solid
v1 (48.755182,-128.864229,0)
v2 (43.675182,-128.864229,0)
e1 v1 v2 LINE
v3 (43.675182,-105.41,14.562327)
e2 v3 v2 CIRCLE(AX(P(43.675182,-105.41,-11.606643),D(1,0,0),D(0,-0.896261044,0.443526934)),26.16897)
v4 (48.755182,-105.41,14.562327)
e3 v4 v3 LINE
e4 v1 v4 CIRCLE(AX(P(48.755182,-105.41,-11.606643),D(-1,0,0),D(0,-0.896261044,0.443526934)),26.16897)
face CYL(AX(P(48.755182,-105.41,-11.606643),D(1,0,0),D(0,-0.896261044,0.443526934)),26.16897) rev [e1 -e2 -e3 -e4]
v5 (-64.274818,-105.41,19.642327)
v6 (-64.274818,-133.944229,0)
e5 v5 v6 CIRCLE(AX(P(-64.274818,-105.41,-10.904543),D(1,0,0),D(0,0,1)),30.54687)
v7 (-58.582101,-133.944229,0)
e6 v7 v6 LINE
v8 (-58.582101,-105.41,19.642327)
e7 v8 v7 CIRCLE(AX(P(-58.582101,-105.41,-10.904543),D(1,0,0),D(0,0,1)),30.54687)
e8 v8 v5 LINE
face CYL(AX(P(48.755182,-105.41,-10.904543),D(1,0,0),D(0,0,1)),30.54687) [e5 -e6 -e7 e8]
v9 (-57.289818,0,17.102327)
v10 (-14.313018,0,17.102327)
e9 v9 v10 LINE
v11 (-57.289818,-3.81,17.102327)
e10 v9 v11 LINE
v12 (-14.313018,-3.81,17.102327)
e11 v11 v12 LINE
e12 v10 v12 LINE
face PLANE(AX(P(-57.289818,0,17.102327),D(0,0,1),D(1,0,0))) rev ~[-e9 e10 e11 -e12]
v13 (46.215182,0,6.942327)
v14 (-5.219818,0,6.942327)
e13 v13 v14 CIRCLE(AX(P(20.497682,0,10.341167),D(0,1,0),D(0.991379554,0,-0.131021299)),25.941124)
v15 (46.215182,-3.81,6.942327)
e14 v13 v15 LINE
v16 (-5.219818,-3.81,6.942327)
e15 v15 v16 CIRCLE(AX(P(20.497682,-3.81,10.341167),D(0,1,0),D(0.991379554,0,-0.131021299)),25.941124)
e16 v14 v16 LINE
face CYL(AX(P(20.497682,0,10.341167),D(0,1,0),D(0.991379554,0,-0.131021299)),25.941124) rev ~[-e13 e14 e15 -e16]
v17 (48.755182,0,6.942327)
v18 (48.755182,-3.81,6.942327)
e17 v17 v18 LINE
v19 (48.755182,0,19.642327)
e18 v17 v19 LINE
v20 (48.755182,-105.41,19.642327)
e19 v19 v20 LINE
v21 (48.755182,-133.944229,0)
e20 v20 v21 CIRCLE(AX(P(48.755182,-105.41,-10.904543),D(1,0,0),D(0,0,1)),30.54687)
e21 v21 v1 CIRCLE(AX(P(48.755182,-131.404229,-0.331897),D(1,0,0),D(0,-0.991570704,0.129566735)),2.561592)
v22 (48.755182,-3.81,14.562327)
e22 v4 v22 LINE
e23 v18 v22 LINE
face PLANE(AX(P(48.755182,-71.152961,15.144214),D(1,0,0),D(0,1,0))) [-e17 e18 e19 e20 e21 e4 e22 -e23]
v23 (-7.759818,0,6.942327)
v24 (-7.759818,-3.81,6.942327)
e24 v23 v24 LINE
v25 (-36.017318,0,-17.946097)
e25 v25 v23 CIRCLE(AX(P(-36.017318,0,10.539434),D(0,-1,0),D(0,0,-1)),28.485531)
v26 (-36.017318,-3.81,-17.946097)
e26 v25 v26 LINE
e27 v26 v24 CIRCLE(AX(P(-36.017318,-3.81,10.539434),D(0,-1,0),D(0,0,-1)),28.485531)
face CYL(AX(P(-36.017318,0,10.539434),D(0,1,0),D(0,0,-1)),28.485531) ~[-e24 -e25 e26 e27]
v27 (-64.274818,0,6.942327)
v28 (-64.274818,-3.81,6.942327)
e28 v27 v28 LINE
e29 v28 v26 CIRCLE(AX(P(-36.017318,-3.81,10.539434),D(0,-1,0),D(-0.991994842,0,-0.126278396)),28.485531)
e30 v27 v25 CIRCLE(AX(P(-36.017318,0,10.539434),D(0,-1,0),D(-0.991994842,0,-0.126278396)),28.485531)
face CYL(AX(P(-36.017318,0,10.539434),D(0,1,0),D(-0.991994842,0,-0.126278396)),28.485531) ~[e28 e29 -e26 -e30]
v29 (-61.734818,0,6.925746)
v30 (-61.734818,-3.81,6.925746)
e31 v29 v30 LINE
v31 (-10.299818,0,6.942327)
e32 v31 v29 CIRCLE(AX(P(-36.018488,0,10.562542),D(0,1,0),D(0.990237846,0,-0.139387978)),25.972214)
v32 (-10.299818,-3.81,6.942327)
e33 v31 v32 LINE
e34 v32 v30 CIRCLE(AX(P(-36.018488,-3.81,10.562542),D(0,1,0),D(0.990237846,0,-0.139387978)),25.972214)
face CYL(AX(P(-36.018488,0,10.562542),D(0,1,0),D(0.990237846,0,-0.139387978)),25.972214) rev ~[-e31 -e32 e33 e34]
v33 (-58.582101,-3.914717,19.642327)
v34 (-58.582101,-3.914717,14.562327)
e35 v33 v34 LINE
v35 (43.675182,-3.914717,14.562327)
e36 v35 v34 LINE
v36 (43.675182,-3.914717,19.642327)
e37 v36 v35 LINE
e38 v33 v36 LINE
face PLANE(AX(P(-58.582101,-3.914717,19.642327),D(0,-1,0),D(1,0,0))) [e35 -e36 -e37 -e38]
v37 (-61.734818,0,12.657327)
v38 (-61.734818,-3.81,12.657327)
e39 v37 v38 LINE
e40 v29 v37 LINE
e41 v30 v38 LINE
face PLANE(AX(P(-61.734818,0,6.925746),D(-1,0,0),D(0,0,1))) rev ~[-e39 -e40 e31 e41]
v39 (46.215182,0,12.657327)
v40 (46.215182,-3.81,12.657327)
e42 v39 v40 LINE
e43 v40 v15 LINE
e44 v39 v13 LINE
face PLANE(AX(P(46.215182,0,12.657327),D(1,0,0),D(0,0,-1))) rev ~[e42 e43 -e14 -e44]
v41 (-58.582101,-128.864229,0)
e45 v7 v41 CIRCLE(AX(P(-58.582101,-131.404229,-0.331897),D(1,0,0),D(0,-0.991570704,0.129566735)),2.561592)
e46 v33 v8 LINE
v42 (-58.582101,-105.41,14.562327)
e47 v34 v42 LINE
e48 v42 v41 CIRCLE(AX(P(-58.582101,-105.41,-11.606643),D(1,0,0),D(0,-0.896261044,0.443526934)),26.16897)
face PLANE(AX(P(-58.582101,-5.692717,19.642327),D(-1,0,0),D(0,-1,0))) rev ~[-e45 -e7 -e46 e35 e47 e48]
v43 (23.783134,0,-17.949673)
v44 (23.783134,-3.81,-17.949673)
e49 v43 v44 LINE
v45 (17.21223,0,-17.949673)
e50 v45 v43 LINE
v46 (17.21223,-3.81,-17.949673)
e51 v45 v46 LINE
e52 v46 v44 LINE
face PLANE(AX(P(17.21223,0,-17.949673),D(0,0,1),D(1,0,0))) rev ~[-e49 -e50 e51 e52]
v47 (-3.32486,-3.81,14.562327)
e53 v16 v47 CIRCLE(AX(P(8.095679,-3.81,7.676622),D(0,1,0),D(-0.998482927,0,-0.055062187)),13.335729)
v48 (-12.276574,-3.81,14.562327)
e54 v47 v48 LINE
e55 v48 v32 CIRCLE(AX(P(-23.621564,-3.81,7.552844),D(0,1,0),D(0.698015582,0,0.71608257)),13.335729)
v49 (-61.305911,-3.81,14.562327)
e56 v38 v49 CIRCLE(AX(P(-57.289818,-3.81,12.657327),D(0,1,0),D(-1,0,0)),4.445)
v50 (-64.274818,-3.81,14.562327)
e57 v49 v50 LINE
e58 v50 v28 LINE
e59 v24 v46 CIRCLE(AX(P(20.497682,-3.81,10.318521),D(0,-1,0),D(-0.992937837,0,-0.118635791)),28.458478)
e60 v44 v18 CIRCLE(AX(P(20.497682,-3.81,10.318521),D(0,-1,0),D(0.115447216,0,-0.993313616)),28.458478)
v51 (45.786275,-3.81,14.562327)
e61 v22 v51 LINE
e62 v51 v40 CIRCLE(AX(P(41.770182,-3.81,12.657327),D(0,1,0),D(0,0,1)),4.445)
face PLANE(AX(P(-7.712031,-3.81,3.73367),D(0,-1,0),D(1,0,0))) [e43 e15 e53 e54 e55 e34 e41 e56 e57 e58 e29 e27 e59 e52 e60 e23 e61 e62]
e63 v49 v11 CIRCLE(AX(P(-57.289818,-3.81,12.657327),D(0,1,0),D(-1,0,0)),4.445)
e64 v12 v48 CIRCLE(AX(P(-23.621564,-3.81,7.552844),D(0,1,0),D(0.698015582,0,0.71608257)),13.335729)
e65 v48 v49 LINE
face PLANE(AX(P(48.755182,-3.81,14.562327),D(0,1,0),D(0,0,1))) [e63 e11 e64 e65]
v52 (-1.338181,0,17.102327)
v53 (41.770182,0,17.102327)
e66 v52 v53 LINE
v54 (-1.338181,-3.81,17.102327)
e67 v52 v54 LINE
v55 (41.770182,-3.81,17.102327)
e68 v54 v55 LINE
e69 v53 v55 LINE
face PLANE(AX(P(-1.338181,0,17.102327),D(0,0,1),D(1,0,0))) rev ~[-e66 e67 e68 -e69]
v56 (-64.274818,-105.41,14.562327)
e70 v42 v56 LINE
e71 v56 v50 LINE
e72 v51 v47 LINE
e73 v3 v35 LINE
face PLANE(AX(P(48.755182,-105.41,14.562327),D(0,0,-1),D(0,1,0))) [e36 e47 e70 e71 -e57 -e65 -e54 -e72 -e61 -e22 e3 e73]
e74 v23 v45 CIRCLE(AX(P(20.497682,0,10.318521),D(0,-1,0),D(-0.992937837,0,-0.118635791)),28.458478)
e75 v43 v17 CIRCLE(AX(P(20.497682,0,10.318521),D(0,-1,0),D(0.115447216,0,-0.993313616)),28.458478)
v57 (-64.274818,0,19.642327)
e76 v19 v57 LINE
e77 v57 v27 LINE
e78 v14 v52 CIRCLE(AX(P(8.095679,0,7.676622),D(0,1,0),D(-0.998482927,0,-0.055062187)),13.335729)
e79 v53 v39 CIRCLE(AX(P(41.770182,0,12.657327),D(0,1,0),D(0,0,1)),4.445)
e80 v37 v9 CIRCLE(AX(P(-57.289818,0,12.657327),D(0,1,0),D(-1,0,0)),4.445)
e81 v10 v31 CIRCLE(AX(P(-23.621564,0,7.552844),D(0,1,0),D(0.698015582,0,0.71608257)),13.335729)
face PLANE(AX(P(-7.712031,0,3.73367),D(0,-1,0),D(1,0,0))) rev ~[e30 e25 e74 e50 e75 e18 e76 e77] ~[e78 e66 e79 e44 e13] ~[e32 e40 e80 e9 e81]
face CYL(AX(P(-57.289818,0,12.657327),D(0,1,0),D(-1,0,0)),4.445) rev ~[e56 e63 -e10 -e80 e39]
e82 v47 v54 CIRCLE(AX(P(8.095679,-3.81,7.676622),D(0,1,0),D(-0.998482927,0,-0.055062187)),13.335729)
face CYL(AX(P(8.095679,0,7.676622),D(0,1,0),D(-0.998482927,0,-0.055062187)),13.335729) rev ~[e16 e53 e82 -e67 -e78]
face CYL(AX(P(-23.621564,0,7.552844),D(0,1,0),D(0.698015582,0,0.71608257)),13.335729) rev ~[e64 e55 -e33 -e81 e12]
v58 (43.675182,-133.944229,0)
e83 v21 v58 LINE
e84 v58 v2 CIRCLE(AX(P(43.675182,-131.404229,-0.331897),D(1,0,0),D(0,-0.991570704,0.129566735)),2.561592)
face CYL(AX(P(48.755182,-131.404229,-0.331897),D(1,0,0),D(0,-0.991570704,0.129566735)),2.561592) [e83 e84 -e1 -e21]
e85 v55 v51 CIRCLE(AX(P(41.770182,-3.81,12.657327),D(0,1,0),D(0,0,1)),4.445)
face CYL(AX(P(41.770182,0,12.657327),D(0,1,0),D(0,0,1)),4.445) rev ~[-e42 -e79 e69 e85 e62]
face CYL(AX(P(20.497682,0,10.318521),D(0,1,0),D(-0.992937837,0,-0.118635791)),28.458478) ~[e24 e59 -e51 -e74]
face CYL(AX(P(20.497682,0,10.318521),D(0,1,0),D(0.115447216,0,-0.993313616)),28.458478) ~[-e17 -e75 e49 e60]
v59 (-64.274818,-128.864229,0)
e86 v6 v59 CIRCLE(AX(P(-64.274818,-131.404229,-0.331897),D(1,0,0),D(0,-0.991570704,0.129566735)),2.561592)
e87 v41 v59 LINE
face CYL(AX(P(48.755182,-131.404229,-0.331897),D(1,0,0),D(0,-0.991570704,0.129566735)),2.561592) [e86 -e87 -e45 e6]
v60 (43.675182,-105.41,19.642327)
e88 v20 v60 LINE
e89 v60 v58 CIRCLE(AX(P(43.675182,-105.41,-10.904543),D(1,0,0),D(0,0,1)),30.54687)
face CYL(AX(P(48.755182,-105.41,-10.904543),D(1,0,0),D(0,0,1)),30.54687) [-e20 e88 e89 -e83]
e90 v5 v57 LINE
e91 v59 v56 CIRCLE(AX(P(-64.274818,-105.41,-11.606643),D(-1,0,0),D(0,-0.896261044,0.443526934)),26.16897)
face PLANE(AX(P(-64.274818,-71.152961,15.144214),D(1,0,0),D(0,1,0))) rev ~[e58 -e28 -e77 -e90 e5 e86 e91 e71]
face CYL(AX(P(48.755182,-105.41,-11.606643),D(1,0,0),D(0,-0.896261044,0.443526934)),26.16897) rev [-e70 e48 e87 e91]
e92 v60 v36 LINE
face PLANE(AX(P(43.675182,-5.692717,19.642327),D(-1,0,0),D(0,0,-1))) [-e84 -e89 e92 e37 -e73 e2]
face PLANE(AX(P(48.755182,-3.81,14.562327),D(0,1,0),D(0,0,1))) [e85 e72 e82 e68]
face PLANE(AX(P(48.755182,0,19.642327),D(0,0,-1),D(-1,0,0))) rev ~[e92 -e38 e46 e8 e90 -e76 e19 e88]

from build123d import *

# Parameters (mm, degrees)
F1_DEPTH = 3.81
F3_DEPTH = 113.03
F4_W     = 102.2572831413
F4_H     = 63.9604873323
F4_H_2   = 99.7172831413
F5_DEPTH = 76.2
F6_DEPTH = 1.778


with BuildPart() as f1:
    # F0 (on Front) → F1 (new body)
    with BuildSketch(Plane.XZ):
        with BuildLine():
            Line((-61.7348178759, 19.6423271978), (-64.2748178759, 19.6423271978))
            Line((-64.2748178759, 19.6423271978), (-64.2748178759, 17.1023271978))
            Line((-64.2748178759, 17.1023271978), (-64.2748178759, 6.9423271978))
            ThreePointArc((-64.2748178759, 6.9423271978), (-54.844956833, -10.8368491458), (-36.0173178759, -17.9460967888))
            ThreePointArc((-36.0173178759, -17.9460967888), (-17.1896789189, -10.8368491458), (-7.7598178759, 6.9423271978))
            ThreePointArc((-7.7598178759, 6.9423271978), (0.406829165, -9.8369400067), (17.212230035, -17.9496728022))
            Line((17.212230035, -17.9496728022), (20.4976821241, -17.9496728022))
            Line((20.4976821241, -17.9496728022), (23.7831342132, -17.9496728022))
            ThreePointArc((23.7831342132, -17.9496728022), (40.5885350832, -9.8369400067), (48.7551821241, 6.9423271978))
            Line((48.7551821241, 6.9423271978), (48.7551821241, 17.1023271978))
            Line((48.7551821241, 17.1023271978), (48.7551821241, 19.6423271978))
            Line((48.7551821241, 19.6423271978), (46.2151821241, 19.6423271978))
            Line((46.2151821241, 19.6423271978), (-61.7348178759, 19.6423271978))
        make_face()
        with BuildLine():
            ThreePointArc((46.2151821241, 6.9423271978), (20.4976821241, -15.5999571068), (-5.2198178759, 6.9423271978))
            ThreePointArc((-5.2198178759, 6.9423271978), (-4.3618373454, 12.4360262368), (-1.3381814351, 17.1023271978))
            Line((-1.3381814351, 17.1023271978), (41.7701821241, 17.1023271978))
            ThreePointArc((41.7701821241, 17.1023271978), (44.9132717665, 15.8004168402), (46.2151821241, 12.6573271978))
            Line((46.2151821241, 12.6573271978), (46.2151821241, 6.9423271978))
        make_face(mode=Mode.SUBTRACT)
        with BuildLine():
            ThreePointArc((-14.3130178759, 17.1023271978), (-11.2183816966, 12.4521014886), (-10.2998178759, 6.9423271978))
            ThreePointArc((-10.2998178759, 6.9423271978), (-36.010114835, -15.409671479), (-61.7348178759, 6.9257458672))
            Line((-61.7348178759, 6.9257458672), (-61.7348178759, 12.6573271978))
            ThreePointArc((-61.7348178759, 12.6573271978), (-60.4329075183, 15.8004168402), (-57.2898178759, 17.1023271978))
            Line((-57.2898178759, 17.1023271978), (-14.3130178759, 17.1023271978))
        make_face(mode=Mode.SUBTRACT)
    extrude(amount=F1_DEPTH)

    # F2 (on face) → F3 (join)
    with BuildSketch(Plane.YZ.offset(48.7551821241)):
        with BuildLine():
            Line((-3.81, 14.5623271978), (-3.81, 19.6423271978))
            Line((-3.81, 19.6423271978), (-105.41, 19.6423271978))
            ThreePointArc((-105.41, 19.6423271978), (-122.7306756991, 14.2570441707), (-133.9442287254, 0))
            ThreePointArc((-133.9442287254, 0), (-131.4042287254, -2.8934895881), (-128.8642287254, 0))
            ThreePointArc((-128.8642287254, 0), (-119.2136428029, 10.6256409156), (-105.41, 14.5623271978))
            Line((-105.41, 14.5623271978), (-3.81, 14.5623271978))
        make_face()
    extrude(amount=-F3_DEPTH)

    # F4 (on face) → F5 (cut)
    with BuildSketch(Plane.XY.offset(19.6423271978)):
        with Locations((-7.4534594466, -137.3902436662)):
            Rectangle(F4_W, F4_H)
        with Locations((-7.4534594466, -55.5513584293)):
            Rectangle(F4_W, F4_H_2)
    extrude(amount=-F5_DEPTH, mode=Mode.SUBTRACT)

    # F6 (cut): a face of the model
    f6_faces = [f1.faces().sort_by_distance(p)[0] for p in [
        (-7.4534594466, -5.6927168587, 17.1023271978),
    ]]
    extrude(f6_faces, amount=-F6_DEPTH, mode=Mode.SUBTRACT)


solid = f1.part
